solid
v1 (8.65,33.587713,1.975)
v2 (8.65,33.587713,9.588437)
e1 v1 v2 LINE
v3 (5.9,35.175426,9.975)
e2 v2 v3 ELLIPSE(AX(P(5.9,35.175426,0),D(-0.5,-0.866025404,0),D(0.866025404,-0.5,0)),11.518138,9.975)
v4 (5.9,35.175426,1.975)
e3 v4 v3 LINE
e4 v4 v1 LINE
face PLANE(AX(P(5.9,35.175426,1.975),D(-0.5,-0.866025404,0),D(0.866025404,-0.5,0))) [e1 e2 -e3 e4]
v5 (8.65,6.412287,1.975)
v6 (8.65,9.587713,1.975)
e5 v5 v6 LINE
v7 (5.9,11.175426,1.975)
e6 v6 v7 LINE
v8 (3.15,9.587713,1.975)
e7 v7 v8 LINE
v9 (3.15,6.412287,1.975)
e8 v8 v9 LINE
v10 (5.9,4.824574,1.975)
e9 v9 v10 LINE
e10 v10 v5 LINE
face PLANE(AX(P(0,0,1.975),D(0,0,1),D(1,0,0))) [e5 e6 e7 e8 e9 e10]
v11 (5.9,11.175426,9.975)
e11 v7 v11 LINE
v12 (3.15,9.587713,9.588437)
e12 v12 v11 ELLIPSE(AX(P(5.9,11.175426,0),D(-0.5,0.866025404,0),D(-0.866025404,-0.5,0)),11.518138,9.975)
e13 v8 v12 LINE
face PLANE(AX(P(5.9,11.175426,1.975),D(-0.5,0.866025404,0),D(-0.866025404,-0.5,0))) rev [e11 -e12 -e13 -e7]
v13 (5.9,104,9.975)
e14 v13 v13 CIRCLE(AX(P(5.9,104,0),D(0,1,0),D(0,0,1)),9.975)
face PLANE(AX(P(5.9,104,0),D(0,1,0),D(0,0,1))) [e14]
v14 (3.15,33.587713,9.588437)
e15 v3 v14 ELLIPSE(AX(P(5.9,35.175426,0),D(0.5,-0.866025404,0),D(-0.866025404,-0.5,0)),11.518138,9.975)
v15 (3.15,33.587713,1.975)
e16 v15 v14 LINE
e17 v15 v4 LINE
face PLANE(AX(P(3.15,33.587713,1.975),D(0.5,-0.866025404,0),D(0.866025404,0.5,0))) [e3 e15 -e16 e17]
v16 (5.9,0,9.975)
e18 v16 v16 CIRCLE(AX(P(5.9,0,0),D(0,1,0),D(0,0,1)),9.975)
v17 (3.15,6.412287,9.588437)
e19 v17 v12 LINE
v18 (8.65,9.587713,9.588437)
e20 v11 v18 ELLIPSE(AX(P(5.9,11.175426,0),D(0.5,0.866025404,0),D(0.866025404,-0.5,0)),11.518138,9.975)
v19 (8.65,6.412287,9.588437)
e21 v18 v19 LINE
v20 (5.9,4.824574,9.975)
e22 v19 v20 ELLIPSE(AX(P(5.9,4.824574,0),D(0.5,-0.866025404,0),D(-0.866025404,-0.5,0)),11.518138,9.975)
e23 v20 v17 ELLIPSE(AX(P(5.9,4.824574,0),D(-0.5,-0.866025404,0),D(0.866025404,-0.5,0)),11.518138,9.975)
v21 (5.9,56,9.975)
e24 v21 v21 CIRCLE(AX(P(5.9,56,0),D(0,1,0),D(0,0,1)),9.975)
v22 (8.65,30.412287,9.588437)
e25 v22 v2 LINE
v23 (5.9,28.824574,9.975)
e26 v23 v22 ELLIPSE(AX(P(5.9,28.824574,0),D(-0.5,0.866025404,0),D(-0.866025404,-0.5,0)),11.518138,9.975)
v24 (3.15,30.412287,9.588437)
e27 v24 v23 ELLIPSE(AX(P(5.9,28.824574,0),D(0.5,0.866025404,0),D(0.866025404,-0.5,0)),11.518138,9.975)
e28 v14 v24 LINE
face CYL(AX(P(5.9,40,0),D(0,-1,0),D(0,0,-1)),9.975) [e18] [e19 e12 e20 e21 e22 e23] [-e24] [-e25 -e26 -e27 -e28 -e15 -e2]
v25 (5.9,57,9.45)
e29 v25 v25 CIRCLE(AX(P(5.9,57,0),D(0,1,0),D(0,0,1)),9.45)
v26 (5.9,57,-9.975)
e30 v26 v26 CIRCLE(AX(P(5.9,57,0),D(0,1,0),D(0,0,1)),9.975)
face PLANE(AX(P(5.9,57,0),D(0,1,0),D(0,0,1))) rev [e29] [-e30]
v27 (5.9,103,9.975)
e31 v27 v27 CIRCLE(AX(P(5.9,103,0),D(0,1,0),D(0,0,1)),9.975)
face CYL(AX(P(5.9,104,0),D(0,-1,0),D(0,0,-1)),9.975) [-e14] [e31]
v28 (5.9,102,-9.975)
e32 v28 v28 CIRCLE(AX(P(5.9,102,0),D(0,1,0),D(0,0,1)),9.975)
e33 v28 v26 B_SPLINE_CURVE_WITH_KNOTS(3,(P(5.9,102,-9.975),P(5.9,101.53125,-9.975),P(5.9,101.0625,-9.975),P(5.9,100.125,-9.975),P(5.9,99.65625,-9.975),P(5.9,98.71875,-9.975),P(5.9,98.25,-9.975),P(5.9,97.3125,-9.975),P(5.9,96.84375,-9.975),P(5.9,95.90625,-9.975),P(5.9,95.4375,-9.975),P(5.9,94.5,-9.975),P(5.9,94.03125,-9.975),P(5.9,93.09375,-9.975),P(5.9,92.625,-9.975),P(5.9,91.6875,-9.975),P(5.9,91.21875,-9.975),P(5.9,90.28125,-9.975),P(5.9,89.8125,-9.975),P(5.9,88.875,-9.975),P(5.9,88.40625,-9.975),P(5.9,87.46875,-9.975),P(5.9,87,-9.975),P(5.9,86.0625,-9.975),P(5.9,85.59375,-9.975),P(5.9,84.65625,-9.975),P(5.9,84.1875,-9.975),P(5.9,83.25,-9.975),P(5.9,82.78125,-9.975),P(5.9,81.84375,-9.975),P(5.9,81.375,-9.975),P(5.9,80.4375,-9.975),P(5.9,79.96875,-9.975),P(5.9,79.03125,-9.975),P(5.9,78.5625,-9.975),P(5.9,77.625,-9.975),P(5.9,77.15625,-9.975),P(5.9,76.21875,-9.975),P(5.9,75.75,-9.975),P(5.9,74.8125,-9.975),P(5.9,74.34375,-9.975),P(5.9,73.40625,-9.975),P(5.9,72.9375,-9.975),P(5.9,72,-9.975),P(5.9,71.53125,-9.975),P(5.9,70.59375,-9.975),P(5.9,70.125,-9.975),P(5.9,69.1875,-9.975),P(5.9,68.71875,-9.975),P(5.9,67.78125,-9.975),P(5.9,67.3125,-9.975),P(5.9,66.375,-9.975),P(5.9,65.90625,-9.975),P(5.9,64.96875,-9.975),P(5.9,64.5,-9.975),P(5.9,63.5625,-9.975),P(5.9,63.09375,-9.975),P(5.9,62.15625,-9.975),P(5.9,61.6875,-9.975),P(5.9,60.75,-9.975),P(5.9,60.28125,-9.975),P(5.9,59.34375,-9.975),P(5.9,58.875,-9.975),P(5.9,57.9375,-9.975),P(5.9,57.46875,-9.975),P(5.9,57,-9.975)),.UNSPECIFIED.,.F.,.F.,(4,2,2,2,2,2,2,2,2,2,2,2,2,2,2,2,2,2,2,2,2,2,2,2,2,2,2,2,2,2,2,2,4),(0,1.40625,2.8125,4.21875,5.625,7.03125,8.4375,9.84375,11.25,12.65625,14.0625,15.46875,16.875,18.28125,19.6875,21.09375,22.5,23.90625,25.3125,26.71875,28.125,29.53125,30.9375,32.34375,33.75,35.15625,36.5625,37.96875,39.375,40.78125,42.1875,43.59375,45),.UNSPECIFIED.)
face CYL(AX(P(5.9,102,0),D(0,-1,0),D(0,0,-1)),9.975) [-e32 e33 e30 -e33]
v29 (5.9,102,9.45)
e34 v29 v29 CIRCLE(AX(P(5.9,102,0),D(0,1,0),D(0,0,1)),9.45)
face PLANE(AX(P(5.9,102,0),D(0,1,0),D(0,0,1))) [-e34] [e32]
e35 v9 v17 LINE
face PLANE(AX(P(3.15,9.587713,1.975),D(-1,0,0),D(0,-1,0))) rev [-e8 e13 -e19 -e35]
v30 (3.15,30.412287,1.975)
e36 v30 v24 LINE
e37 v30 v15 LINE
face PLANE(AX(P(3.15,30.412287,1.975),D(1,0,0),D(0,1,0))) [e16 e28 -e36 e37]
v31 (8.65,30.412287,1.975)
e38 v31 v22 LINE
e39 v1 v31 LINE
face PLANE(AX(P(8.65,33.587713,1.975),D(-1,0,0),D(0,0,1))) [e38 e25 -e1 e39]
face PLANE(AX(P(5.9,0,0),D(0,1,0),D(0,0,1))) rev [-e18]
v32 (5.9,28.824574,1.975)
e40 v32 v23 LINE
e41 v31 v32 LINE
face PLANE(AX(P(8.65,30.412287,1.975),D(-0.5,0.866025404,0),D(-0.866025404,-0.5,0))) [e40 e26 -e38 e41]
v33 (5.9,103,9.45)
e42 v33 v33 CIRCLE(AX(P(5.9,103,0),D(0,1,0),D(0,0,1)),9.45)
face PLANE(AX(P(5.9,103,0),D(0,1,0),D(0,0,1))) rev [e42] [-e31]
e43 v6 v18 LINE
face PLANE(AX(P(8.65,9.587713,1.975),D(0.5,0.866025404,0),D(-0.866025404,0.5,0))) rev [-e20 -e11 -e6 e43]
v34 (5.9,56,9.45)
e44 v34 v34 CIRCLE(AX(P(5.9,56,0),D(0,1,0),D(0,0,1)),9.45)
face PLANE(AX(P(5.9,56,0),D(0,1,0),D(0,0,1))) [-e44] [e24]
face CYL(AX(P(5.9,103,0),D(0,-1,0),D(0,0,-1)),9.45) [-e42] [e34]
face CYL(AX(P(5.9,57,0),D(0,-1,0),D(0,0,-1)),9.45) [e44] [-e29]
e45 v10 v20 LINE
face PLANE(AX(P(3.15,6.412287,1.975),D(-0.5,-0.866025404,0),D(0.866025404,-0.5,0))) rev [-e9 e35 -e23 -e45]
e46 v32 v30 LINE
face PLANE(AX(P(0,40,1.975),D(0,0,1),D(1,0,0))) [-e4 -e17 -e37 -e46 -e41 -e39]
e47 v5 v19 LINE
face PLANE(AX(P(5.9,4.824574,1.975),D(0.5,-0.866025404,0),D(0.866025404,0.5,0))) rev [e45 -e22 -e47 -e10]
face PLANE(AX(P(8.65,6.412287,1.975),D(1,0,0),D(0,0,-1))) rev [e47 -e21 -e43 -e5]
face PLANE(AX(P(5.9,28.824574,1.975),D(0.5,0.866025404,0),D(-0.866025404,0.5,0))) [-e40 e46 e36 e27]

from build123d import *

# Parameters (mm, degrees)
SKETCH_1_R          = 9.975
EXTRUDE_1_DEPTH     = 40
SKETCH_5_R          = 9.975
F_16MM_DEPTH        = 16
SKETCH_6_R          = 9.45
EXTRUDE_1_2_DEPTH   = 1
SKETCH_7_R          = 9.975
EXTRUDE_4_DEPTH     = 45
SKETCH_8_R          = 9.45
EXTRUDE_2_DEPTH     = 1
SKETCH_9_R          = 9.975
EXTRUDE_6_DEPTH     = 1
CUT_EXTRUDE_1_DEPTH = 8


with BuildPart() as part:
    # 草图1 → Extrude 1 (new body)
    with BuildSketch(Plane(origin=(0, 0, 0), x_dir=(1, 0, 0), z_dir=(0, 1, 0))):
        with Locations(Location((5.9, 0, 0), (0, 0, 270))):
            Circle(SKETCH_1_R)
    extrude(amount=EXTRUDE_1_DEPTH)

    # 草图5 → 16mm 铰链间距 (add)
    with BuildSketch(Plane(origin=(0, 40, 0), x_dir=(1, 0, 0), z_dir=(0, 1, 0))):
        with Locations(Location((5.9, 0, 0), (0, 0, 270))):
            Circle(SKETCH_5_R)
    extrude(amount=F_16MM_DEPTH)

    # 草图6 → Extrude 1 2 (add)
    with BuildSketch(Plane(origin=(0, 56, 0), x_dir=(1, 0, 0), z_dir=(0, 1, 0))):
        with Locations(Location((5.9, 0, 0), (0, 0, 270))):
            Circle(SKETCH_6_R)
    extrude(amount=EXTRUDE_1_2_DEPTH)

    # 草图7 → 凸台-拉伸4 (add)
    with BuildSketch(Plane(origin=(0, 57, 0), x_dir=(1, 0, 0), z_dir=(0, 1, 0))):
        with Locations(Location((5.9, 0, 0), (0, 0, 270))):
            Circle(SKETCH_7_R)
    extrude(amount=EXTRUDE_4_DEPTH)

    # 草图8 → 卡簧2 (add)
    with BuildSketch(Plane(origin=(0, 102, 0), x_dir=(1, 0, 0), z_dir=(0, 1, 0))):
        with Locations(Location((5.9, 0, 0), (0, 0, 270))):
            Circle(SKETCH_8_R)
    extrude(amount=EXTRUDE_2_DEPTH)

    # 草图9 → 凸台-拉伸6 (add)
    with BuildSketch(Plane(origin=(0, 103, 0), x_dir=(1, 0, 0), z_dir=(0, 1, 0))):
        with Locations(Location((5.9, 0, 0), (0, 0, 270))):
            Circle(SKETCH_9_R)
    extrude(amount=EXTRUDE_6_DEPTH)

    # 草图10 → 切除-拉伸1 (cut)
    with BuildSketch(Plane.XY.offset(9.975)):
        Polygon((8.65, 9.58771324), (5.9, 11.175426481), (3.15, 9.58771324), (3.15, 6.41228676), (5.9, 4.824573519), (8.65, 6.41228676), align=None)
    cut_extrude_1 = extrude(amount=-CUT_EXTRUDE_1_DEPTH, mode=Mode.SUBTRACT)

    # 镜向2: 切除-拉伸1 across plane
    add(cut_extrude_1.mirror(Plane(origin=(0, 20, 0), x_dir=(0, 0, 1), z_dir=(0, -1, 0))), mode=Mode.SUBTRACT)


solid = part.part
